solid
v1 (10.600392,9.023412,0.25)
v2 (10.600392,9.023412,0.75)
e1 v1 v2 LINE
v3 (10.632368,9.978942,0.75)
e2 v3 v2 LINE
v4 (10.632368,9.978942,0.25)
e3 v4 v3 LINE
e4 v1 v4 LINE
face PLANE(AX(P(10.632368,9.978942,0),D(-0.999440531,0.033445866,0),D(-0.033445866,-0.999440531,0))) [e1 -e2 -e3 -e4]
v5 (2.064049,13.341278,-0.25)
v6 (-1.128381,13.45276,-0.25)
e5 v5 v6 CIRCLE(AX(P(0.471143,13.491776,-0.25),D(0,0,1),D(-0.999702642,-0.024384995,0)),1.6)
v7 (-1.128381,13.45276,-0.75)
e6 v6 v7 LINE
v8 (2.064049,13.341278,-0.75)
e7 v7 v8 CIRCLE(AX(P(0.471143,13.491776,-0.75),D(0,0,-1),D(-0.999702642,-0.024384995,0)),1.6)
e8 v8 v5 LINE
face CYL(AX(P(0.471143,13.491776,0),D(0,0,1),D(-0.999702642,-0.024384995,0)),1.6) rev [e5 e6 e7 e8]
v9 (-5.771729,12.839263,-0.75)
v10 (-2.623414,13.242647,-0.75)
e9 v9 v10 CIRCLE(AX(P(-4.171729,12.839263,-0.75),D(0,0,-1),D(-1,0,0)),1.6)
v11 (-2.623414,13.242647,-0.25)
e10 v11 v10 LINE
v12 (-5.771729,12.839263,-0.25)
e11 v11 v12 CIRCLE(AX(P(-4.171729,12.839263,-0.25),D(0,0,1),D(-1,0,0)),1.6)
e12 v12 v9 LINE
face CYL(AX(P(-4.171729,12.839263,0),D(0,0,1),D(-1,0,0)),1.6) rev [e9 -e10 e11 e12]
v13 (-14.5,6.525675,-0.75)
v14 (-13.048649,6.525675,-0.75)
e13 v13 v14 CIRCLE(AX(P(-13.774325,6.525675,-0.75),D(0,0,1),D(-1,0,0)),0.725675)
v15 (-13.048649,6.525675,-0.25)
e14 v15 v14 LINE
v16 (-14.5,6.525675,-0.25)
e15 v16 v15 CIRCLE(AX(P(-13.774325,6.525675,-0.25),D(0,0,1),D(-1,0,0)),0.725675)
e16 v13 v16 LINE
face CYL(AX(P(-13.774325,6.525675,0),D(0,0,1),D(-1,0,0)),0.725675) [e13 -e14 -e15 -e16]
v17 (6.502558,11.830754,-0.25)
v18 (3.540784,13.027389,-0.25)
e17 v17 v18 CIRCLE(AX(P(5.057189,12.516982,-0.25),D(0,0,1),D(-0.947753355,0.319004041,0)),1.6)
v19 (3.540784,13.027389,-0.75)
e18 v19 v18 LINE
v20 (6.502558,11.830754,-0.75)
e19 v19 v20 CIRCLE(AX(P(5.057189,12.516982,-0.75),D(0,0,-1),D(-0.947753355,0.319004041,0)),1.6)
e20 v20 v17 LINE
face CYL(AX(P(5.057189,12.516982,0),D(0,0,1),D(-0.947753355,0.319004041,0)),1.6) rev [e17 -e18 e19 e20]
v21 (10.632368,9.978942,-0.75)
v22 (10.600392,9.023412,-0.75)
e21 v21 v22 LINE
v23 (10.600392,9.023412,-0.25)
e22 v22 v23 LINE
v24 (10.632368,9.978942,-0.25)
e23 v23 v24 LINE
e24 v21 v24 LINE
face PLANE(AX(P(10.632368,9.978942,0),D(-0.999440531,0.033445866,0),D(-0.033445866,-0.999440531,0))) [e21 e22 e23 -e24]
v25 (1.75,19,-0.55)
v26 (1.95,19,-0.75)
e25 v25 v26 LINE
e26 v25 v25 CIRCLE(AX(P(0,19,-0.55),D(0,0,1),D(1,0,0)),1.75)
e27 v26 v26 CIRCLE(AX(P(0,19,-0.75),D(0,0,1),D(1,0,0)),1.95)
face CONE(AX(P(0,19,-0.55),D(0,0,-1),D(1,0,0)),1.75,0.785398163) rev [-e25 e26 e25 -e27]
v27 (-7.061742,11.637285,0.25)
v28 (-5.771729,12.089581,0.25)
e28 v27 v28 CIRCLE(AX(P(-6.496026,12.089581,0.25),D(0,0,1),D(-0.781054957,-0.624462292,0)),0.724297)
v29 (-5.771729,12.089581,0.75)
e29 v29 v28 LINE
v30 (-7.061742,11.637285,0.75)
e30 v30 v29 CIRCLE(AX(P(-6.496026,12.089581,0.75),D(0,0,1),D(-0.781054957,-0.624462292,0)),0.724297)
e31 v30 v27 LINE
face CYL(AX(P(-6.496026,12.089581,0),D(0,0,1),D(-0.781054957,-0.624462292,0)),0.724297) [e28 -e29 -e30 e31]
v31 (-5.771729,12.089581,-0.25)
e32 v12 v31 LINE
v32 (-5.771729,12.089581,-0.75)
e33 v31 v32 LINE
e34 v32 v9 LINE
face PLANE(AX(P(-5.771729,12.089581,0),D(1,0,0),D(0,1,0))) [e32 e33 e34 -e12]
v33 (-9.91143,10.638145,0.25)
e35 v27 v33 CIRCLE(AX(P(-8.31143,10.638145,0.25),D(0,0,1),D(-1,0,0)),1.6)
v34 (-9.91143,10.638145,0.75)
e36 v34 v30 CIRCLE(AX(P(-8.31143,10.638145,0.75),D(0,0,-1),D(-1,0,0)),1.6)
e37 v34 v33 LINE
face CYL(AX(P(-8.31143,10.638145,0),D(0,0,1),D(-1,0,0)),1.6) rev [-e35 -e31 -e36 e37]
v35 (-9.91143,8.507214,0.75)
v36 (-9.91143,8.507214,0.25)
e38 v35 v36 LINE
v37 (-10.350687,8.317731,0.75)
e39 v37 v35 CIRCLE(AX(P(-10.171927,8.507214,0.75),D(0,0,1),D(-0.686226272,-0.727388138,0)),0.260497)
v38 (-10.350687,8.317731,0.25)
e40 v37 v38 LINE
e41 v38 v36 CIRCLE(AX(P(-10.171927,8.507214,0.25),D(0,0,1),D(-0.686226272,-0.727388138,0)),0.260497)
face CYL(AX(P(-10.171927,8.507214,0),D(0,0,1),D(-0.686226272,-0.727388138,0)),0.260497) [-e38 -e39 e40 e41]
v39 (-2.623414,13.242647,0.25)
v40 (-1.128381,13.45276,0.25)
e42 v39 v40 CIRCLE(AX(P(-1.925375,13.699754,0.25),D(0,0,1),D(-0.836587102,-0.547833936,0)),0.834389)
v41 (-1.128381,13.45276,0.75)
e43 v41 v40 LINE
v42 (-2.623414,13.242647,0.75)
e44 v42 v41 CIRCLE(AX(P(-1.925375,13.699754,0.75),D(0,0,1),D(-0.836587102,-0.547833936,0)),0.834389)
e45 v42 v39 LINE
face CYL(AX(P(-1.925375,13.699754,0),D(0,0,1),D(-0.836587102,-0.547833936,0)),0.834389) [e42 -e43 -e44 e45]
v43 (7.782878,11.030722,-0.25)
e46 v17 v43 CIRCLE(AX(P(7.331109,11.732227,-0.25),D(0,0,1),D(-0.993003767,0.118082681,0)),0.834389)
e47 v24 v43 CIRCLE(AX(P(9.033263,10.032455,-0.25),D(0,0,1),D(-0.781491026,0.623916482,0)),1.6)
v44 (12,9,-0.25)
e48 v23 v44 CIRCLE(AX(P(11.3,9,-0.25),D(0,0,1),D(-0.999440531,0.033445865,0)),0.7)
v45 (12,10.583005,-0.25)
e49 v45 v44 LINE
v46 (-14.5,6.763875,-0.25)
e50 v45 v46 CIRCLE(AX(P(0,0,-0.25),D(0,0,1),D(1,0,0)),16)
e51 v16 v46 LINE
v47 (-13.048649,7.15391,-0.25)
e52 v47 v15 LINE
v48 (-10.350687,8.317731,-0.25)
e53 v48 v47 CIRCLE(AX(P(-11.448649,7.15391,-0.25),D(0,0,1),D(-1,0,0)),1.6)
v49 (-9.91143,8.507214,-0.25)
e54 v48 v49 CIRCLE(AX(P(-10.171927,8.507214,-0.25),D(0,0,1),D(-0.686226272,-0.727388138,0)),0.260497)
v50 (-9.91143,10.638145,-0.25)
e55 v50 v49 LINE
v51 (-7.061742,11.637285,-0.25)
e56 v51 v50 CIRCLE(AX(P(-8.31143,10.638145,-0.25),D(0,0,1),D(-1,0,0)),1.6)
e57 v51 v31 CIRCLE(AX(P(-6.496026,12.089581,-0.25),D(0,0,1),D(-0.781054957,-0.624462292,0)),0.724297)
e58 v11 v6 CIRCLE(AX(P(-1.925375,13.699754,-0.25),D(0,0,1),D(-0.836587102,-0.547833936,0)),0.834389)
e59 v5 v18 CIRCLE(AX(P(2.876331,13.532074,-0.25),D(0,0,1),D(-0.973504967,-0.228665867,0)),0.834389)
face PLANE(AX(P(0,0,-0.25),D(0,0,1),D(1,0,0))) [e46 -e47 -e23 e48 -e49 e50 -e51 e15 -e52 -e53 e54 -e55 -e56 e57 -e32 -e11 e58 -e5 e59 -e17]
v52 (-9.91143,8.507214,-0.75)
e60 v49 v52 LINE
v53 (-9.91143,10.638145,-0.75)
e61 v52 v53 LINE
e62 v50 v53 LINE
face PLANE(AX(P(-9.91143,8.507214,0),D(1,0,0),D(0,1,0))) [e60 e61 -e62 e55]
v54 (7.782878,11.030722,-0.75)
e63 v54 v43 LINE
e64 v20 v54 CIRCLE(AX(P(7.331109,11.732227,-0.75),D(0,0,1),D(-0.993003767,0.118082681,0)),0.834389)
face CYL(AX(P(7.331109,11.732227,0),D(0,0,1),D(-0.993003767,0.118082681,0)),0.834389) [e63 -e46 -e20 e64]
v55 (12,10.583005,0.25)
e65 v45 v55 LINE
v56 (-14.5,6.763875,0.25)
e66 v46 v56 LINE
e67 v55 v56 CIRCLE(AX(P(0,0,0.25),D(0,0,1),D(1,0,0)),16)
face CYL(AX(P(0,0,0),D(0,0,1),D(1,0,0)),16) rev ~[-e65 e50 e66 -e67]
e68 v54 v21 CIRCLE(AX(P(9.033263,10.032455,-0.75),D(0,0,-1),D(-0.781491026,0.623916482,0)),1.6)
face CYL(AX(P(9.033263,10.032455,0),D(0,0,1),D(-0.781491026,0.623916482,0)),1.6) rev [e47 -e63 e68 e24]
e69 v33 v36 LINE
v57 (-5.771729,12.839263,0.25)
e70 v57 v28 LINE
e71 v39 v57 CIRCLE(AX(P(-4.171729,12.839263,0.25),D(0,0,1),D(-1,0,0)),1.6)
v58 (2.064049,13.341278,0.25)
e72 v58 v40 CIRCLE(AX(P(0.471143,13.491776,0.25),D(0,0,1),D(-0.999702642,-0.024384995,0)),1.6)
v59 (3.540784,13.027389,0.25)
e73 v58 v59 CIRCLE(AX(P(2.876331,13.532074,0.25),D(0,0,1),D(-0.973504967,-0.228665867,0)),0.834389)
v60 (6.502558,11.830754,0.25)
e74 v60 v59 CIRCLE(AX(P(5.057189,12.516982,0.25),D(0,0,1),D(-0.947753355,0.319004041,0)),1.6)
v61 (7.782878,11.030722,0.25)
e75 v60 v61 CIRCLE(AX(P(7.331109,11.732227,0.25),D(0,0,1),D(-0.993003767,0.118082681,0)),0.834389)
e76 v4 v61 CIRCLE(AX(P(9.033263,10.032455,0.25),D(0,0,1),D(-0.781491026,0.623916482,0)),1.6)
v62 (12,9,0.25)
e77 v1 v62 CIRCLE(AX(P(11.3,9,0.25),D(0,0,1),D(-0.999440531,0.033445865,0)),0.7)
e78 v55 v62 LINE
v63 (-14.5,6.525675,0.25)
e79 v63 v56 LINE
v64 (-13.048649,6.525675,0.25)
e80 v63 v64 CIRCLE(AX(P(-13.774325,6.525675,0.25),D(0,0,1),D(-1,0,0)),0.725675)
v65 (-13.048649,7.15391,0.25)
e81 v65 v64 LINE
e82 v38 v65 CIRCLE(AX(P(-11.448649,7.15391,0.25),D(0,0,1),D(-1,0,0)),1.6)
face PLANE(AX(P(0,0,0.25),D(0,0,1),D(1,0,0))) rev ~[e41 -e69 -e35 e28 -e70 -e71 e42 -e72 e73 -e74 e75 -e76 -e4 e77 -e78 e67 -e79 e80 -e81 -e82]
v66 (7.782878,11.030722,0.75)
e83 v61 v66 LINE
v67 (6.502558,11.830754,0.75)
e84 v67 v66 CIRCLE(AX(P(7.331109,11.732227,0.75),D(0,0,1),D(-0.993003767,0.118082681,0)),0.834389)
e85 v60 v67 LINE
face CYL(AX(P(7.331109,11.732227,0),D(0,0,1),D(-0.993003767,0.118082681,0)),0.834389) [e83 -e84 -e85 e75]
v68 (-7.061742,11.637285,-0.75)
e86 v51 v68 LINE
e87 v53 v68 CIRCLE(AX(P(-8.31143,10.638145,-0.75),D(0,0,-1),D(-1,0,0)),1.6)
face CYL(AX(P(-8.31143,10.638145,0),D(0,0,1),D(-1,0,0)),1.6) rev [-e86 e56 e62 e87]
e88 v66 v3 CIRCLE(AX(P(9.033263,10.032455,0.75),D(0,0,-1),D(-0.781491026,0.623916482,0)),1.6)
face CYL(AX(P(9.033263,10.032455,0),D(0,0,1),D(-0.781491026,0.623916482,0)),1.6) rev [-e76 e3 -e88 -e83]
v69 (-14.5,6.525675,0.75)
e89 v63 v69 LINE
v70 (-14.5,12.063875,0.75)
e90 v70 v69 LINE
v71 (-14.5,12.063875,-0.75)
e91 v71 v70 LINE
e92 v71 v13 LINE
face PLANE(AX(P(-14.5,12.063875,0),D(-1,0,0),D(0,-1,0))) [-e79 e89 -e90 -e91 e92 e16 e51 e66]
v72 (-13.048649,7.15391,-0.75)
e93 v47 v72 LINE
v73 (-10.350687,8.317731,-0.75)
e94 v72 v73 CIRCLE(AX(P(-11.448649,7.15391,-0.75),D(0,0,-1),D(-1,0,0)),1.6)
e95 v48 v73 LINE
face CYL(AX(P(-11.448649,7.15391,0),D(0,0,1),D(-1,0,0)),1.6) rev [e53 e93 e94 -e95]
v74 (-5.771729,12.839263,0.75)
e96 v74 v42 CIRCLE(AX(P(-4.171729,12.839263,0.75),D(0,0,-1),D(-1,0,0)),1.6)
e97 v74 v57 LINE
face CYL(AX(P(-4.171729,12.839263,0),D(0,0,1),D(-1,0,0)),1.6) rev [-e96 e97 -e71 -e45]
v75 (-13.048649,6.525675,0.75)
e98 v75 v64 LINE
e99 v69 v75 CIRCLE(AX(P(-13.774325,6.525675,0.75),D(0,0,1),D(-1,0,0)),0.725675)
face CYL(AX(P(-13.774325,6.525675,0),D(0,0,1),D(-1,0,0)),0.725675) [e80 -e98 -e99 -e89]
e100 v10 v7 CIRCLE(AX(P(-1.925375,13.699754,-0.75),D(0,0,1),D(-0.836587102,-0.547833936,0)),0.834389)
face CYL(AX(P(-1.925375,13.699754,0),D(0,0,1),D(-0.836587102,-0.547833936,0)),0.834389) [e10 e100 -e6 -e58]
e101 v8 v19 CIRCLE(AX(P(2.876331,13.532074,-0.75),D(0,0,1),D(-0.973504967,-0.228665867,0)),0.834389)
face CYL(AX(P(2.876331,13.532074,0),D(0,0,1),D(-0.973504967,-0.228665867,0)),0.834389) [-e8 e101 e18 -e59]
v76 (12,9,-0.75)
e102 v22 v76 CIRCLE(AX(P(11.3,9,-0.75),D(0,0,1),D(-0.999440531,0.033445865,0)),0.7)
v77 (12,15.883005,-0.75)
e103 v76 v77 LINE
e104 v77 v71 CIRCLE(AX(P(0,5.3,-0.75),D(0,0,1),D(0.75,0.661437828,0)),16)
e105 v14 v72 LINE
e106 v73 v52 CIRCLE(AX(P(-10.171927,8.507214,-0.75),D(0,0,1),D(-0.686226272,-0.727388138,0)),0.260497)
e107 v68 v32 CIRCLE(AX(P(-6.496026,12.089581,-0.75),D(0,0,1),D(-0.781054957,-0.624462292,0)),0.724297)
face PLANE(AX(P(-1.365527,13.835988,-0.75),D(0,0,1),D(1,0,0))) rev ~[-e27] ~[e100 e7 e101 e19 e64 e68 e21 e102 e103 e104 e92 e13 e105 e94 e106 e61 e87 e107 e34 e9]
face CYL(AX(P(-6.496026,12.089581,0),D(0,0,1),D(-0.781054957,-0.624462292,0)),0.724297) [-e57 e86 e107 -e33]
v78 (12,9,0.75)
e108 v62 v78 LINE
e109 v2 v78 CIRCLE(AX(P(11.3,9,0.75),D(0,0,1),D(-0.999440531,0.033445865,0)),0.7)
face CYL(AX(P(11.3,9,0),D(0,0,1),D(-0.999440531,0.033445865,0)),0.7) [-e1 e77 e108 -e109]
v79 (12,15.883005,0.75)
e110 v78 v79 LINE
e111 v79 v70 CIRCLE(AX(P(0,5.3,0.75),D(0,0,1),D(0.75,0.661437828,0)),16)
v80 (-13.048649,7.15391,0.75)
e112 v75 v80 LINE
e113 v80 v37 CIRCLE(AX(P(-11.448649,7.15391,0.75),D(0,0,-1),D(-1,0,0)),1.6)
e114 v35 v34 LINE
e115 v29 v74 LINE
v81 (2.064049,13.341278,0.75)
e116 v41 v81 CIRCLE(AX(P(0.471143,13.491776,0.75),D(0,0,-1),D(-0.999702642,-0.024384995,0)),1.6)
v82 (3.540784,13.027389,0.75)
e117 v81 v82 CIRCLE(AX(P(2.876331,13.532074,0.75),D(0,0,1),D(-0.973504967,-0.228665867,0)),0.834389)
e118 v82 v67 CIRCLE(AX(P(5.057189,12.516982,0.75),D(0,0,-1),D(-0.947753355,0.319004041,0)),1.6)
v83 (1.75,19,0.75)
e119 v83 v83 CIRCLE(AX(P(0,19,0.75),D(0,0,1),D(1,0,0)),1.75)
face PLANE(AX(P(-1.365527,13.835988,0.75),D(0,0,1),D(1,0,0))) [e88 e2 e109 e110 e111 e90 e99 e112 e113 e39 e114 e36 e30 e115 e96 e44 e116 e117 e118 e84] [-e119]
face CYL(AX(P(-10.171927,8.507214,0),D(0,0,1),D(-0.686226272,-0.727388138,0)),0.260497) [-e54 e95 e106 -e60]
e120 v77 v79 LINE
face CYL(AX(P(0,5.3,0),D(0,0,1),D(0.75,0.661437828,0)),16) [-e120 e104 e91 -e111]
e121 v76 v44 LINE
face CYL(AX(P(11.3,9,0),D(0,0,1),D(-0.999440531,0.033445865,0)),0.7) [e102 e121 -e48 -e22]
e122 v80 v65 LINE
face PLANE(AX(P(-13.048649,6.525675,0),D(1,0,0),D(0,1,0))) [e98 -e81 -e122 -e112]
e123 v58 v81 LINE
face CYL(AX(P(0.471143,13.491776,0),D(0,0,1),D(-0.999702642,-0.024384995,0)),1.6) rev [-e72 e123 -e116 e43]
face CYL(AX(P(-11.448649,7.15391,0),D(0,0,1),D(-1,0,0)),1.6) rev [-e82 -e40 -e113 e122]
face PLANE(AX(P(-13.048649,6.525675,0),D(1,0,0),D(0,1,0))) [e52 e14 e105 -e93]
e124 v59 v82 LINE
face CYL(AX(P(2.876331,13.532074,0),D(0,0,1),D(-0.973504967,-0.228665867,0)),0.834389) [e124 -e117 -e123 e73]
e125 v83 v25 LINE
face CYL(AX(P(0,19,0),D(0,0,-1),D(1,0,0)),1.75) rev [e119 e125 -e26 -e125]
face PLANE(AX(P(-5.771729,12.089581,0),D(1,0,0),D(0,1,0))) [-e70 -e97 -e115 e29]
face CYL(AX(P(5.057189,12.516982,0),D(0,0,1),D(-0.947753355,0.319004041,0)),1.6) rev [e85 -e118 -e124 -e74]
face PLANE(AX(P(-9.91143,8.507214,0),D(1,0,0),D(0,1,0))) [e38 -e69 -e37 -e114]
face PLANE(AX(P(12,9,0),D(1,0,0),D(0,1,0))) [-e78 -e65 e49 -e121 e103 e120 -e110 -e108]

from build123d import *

# Parameters (mm, degrees)
F0_R     = 1.75
F1_DEPTH = 0.75
F2_SIZE  = 0.2
F3_R     = 16
F4_DEPTH = 0.25


with BuildPart() as f1:
    # F0 (on Top) → F1 (new body, symmetric)
    with BuildSketch(Plane.XY):
        with BuildLine():
            ThreePointArc((-1.1283810214, 13.4527601729), (0.5269824002, 15.090801488), (2.0640494537, 13.3412780442))
            ThreePointArc((2.0640494537, 13.3412780442), (2.7028519806, 12.7159188095), (3.5407836432, 13.0273885024))
            ThreePointArc((3.5407836432, 13.0273885024), (5.6565595606, 14.000476204), (6.5025578694, 11.83075404))
            ThreePointArc((6.5025578694, 11.83075404), (6.888950435, 11.02462525), (7.7828775441, 11.0307215147))
            ThreePointArc((7.7828775441, 11.0307215147), (9.5873041905, 11.5334676573), (10.6323680347, 9.9789417592))
            Line((10.6323680347, 9.9789417592), (10.6003916286, 9.0234121058))
            ThreePointArc((10.6003916286, 9.0234121058), (11.2882923094, 8.300097914), (12, 9))
            Line((12, 9), (12, 15.8830052443))
            ThreePointArc((12, 15.8830052443), (-2.2823101594, 21.1363840676), (-14.5, 12.0638746292))
            Line((-14.5, 12.0638746292), (-14.5, 6.5256753509))
            ThreePointArc((-14.5, 6.5256753509), (-13.7743246491, 5.8), (-13.0486492981, 6.5256753509))
            Line((-13.0486492981, 6.5256753509), (-13.0486492981, 7.1539100671))
            ThreePointArc((-13.0486492981, 7.1539100671), (-12.082392441, 8.6230491446), (-10.3506872621, 8.3177310875))
            ThreePointArc((-10.3506872621, 8.3177310875), (-10.0687469644, 8.2680220118), (-9.9114299169, 8.5072137136))
            Line((-9.9114299169, 8.5072137136), (-9.9114299169, 10.6381451737))
            ThreePointArc((-9.9114299169, 10.6381451737), (-8.8408160288, 12.1480293893), (-7.0617419862, 11.6372848416))
            ThreePointArc((-7.0617419862, 11.6372848416), (-6.2563808661, 11.4060781626), (-5.7717294241, 12.0895809365))
            Line((-5.7717294241, 12.0895809365), (-5.7717294241, 12.83926297))
            ThreePointArc((-5.7717294241, 12.83926297), (-4.3750702496, 14.42628928), (-2.6234137882, 13.24264702))
            ThreePointArc((-2.6234137882, 13.24264702), (-1.8092503125, 12.8734848936), (-1.1283810214, 13.4527601729))
        make_face()
        with Locations((0, 19)):
            Circle(F0_R, mode=Mode.SUBTRACT)
    extrude(amount=F1_DEPTH, both=True)

    # F2
    f2_edges = [f1.edges().sort_by_distance(p)[0] for p in [
        (-1.75, 19, -0.75),
    ]]
    chamfer(f2_edges, length=F2_SIZE)

    # F3 (on Top) → F4 (cut, symmetric)
    with BuildSketch(Plane.XY):
        Circle(F3_R)
    extrude(amount=F4_DEPTH, both=True, mode=Mode.SUBTRACT)


solid = f1.part
